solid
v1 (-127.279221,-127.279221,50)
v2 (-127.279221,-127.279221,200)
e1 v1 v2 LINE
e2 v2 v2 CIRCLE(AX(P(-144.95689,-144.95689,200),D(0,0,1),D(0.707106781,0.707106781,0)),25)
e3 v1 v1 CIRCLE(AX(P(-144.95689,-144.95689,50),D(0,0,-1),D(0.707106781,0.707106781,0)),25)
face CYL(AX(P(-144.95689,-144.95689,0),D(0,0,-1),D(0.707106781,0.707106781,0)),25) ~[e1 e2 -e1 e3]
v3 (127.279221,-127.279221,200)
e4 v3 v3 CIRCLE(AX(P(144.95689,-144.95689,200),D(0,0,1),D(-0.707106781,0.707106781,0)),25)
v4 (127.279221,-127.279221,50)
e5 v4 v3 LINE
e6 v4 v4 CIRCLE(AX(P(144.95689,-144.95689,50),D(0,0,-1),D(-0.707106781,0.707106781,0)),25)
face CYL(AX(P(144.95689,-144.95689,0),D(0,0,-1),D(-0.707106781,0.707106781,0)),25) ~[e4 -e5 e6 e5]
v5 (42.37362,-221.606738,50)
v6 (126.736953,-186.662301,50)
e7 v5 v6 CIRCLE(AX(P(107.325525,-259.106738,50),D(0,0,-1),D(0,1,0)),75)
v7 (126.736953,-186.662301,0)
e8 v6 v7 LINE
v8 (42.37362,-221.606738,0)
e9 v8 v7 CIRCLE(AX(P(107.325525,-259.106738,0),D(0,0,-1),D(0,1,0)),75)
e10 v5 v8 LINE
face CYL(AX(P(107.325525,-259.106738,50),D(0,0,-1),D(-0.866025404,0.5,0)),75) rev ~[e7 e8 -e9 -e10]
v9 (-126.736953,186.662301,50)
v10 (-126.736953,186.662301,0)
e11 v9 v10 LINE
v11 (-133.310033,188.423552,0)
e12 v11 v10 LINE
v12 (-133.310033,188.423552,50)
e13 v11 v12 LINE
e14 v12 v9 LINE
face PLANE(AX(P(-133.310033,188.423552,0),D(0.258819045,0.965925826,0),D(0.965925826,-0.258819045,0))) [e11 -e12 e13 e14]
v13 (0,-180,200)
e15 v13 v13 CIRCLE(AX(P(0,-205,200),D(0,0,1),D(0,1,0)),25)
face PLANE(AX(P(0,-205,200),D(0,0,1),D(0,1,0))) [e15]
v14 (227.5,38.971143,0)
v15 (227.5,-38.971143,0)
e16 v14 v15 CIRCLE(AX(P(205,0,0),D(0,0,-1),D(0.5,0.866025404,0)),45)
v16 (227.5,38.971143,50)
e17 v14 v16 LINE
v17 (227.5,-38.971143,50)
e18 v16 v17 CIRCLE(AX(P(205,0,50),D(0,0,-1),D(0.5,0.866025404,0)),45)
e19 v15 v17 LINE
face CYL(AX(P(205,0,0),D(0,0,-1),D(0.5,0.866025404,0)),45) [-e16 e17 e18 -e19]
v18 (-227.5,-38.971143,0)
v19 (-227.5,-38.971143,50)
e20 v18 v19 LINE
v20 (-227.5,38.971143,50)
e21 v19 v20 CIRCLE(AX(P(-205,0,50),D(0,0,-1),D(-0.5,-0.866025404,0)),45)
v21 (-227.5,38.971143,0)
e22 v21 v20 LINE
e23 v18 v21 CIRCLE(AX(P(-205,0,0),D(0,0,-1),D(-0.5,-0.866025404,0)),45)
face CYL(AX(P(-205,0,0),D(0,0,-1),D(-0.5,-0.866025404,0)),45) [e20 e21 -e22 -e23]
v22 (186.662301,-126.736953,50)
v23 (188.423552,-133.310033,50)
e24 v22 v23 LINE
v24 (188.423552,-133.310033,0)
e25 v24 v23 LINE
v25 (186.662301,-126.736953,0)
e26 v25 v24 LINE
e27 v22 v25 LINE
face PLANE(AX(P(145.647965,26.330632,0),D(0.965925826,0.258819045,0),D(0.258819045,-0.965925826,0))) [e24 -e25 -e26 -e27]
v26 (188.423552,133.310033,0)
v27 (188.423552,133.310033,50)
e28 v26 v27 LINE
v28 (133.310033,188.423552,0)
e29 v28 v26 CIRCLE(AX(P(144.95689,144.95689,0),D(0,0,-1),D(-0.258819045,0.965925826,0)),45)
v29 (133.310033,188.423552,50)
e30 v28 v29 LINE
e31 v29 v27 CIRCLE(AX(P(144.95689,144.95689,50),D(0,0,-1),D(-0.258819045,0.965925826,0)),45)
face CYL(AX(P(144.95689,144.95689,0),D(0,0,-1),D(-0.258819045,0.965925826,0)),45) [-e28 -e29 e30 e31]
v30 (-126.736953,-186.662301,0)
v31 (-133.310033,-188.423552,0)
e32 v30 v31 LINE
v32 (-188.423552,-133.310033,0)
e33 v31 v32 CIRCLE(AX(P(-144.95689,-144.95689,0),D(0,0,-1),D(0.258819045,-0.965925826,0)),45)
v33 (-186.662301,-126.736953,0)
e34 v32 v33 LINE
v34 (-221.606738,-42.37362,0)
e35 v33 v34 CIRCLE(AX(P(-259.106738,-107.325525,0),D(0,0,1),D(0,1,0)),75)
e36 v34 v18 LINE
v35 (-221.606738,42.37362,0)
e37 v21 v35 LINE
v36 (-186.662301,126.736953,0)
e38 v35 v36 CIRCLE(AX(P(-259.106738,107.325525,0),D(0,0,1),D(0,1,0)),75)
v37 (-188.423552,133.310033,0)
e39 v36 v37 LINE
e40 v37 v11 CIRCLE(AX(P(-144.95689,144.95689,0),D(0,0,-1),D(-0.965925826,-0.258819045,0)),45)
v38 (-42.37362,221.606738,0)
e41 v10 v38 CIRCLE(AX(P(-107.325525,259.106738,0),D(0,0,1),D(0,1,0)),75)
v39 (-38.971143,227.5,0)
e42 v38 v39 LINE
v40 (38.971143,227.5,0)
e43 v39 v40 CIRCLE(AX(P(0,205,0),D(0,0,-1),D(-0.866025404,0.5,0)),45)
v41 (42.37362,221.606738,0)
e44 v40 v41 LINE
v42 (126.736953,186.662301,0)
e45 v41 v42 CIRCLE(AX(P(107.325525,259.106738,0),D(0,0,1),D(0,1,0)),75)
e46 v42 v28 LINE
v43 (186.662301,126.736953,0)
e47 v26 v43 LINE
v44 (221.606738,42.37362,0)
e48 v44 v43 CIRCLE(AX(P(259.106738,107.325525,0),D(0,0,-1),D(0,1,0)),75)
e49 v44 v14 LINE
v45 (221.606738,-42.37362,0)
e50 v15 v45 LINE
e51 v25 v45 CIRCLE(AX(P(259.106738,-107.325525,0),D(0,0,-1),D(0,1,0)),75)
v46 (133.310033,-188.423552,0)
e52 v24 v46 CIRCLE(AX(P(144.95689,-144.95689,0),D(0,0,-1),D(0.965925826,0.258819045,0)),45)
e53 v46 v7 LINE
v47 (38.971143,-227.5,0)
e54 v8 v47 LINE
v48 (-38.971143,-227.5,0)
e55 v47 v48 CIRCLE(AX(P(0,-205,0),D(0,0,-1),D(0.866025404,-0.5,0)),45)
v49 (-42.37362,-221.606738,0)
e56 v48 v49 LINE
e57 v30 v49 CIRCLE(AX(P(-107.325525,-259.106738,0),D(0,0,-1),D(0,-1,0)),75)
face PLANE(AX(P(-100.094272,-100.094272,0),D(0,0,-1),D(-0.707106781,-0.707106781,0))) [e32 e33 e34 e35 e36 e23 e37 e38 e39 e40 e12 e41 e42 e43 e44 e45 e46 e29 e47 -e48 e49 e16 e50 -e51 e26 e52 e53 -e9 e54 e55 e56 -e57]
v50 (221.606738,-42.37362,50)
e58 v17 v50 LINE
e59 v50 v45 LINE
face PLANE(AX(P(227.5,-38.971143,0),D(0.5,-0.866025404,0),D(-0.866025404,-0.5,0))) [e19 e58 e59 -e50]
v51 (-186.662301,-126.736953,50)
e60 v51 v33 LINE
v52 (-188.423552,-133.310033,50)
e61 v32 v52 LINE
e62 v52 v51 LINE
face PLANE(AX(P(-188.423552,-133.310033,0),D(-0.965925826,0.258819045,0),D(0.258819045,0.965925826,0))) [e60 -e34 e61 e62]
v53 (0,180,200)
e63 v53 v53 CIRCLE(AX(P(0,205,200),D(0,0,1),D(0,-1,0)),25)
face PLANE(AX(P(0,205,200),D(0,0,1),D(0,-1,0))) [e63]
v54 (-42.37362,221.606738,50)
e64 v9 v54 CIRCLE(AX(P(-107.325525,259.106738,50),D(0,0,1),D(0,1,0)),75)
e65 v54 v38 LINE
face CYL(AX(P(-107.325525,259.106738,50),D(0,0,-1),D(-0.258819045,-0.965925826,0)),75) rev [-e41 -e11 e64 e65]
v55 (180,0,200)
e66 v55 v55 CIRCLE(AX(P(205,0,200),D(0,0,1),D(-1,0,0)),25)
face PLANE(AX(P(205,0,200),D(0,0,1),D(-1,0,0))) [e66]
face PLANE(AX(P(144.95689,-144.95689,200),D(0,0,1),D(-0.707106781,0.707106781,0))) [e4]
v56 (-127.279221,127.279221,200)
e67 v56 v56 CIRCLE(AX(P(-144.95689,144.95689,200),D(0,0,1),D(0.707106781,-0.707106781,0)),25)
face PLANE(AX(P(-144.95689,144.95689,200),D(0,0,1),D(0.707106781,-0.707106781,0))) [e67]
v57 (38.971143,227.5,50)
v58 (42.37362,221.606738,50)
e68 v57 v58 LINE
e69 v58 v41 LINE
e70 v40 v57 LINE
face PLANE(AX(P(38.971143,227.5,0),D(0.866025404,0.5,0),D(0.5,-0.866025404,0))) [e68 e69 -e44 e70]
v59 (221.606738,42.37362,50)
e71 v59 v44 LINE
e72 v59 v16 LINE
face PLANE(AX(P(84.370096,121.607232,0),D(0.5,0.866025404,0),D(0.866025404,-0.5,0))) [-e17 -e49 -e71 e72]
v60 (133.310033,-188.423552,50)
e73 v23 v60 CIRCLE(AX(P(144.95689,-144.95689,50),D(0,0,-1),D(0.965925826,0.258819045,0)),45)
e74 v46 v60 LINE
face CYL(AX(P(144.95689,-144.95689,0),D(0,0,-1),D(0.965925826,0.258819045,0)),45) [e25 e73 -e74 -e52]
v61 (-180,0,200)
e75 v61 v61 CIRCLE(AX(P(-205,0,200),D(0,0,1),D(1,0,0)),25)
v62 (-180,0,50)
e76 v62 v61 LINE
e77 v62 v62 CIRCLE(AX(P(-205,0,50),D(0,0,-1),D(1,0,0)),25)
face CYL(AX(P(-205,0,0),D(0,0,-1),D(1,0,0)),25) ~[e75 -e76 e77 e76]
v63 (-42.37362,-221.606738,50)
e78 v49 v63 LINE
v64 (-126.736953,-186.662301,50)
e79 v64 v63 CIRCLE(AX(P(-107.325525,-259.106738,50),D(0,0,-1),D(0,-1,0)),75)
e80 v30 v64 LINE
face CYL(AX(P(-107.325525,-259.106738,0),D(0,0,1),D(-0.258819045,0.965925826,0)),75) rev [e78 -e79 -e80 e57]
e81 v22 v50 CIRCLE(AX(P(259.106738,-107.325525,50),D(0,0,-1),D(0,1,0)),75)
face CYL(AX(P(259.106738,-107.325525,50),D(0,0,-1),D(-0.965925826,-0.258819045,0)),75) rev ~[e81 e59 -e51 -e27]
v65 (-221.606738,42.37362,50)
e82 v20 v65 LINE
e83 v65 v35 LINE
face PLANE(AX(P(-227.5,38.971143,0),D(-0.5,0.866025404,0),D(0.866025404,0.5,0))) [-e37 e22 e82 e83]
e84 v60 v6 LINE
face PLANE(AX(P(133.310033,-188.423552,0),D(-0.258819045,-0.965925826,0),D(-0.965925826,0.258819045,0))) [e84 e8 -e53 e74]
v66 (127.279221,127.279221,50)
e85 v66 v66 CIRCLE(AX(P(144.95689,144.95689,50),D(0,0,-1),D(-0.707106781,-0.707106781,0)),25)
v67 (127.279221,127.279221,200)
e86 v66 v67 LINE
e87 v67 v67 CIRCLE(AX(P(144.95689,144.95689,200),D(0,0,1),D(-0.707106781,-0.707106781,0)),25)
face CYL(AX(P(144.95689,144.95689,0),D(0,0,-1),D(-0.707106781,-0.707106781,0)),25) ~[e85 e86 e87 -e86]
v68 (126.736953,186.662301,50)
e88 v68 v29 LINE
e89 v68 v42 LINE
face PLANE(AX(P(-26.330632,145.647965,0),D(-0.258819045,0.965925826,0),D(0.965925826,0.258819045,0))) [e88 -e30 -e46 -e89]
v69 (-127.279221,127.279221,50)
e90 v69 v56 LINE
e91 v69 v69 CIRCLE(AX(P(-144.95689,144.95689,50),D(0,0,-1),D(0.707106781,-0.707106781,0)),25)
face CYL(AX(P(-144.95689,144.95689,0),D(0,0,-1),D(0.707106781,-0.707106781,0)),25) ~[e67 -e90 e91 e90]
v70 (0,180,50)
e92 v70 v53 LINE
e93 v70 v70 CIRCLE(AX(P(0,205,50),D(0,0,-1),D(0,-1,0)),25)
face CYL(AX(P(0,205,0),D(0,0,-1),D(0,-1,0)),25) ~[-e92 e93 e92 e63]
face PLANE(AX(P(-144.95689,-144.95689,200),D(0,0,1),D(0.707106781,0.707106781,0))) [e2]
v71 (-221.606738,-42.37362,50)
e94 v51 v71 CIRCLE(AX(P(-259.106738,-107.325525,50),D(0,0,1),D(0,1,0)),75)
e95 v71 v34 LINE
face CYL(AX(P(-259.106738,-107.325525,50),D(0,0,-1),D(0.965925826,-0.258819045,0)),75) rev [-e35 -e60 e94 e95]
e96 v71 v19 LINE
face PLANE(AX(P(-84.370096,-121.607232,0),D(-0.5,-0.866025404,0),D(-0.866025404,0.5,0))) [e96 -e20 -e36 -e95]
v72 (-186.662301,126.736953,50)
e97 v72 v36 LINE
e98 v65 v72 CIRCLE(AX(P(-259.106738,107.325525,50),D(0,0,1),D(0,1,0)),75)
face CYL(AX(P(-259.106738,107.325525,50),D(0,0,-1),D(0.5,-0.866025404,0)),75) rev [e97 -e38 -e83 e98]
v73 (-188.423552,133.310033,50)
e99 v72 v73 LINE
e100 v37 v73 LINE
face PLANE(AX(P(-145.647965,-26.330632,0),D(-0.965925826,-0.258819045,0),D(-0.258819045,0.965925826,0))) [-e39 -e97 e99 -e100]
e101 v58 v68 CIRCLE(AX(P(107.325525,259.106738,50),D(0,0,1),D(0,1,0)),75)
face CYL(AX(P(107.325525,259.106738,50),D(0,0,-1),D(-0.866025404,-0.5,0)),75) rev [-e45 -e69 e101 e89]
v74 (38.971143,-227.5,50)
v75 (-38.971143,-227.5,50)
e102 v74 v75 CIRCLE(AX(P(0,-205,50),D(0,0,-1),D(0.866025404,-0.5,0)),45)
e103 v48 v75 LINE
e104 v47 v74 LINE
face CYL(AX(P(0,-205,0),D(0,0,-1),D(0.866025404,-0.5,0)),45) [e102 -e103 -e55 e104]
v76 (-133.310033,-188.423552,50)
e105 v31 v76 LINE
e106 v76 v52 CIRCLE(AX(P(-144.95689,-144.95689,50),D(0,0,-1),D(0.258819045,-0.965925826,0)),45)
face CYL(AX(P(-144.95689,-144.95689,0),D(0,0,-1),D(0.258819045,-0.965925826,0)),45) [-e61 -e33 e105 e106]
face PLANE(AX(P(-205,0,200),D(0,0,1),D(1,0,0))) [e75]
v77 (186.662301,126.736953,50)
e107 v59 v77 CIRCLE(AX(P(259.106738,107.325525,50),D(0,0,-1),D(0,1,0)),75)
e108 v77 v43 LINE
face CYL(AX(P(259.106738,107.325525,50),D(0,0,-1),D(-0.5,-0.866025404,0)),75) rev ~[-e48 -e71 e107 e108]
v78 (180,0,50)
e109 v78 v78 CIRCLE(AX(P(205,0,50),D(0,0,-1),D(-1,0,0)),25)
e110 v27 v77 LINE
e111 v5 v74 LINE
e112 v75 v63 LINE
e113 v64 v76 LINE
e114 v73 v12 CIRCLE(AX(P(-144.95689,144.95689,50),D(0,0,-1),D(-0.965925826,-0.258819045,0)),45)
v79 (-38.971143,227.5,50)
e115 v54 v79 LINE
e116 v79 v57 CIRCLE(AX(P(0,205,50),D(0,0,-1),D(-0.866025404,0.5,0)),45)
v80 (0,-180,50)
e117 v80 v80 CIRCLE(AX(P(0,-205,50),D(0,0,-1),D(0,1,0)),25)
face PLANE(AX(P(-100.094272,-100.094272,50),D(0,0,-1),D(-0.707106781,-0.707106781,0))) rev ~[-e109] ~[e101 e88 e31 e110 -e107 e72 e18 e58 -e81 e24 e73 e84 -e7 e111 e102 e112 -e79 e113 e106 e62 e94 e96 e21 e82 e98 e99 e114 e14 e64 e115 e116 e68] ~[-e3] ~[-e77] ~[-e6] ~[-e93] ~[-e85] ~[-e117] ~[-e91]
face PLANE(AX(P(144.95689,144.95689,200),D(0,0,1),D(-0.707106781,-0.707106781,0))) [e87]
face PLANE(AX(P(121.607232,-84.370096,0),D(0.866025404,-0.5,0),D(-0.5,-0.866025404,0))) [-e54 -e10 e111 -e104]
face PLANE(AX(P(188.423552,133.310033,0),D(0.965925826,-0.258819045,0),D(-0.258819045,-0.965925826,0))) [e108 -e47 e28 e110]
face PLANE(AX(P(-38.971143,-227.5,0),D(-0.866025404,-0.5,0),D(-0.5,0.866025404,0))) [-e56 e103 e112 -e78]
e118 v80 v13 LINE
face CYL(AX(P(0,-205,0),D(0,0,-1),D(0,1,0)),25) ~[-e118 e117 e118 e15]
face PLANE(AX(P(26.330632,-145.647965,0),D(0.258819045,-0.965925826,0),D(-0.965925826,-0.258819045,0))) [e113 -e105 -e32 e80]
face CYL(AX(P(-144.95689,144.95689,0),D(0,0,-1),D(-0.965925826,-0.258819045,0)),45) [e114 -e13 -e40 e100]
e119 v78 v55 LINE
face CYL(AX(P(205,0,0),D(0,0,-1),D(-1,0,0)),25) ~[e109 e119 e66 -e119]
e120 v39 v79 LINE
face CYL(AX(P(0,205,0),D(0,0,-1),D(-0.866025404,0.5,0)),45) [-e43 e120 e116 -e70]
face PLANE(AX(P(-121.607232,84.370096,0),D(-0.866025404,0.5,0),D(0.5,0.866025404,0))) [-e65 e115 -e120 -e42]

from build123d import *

# Parameters (mm, degrees)
SKETCH2_R           = 25
PINION_DEPTH        = 200
PINION_BASE_DEPTH   = 50
CIRPATTERN1_COUNT   = 8
SKETCH1_R           = 180
BOSS_EXTRUDE1_DEPTH = 50
FILLET1_R           = 75


with BuildPart() as part:
    # Sketch2 → pinion (new body)
    with BuildSketch(Plane(origin=(0, 0, 0), x_dir=(0, 1, 0), z_dir=(0, 0, 1))):
        with Locations((-205, 0)):
            Circle(SKETCH2_R)
    extrude(amount=PINION_DEPTH)

    # Sketch2<3> → pinion base (add)
    with BuildSketch(Plane(origin=(0, 0, 0), x_dir=(0, 1, 0), z_dir=(0, 0, 1))):
        with BuildLine():
            Line((-227.5, 38.97114317), (-84.370095606, 121.607232002))
            Line((-84.370095606, 121.607232002), (-84.370095606, -121.607232002))
            Line((-84.370095606, -121.607232002), (-227.5, -38.97114317))
            ThreePointArc((-227.5, -38.97114317), (-250, 0), (-227.5, 38.97114317))
        make_face()
    extrude(amount=PINION_BASE_DEPTH)


with BuildPart() as cirpattern1_1:
    # CirPattern1: pattern copy
    add(part.part.rotate(Axis((0, 0, 210), (0, 0, -1)), 1 * 360 / CIRPATTERN1_COUNT))


with BuildPart() as cirpattern1_2:
    # CirPattern1: pattern copy
    add(part.part.rotate(Axis((0, 0, 210), (0, 0, -1)), 2 * 360 / CIRPATTERN1_COUNT))


with BuildPart() as cirpattern1_3:
    # CirPattern1: pattern copy
    add(part.part.rotate(Axis((0, 0, 210), (0, 0, -1)), 3 * 360 / CIRPATTERN1_COUNT))


with BuildPart() as cirpattern1_4:
    # CirPattern1: pattern copy
    add(part.part.rotate(Axis((0, 0, 210), (0, 0, -1)), 4 * 360 / CIRPATTERN1_COUNT))


with BuildPart() as cirpattern1_5:
    # CirPattern1: pattern copy
    add(part.part.rotate(Axis((0, 0, 210), (0, 0, -1)), 5 * 360 / CIRPATTERN1_COUNT))


with BuildPart() as cirpattern1_6:
    # CirPattern1: pattern copy
    add(part.part.rotate(Axis((0, 0, 210), (0, 0, -1)), 6 * 360 / CIRPATTERN1_COUNT))


with BuildPart() as cirpattern1_7:
    # CirPattern1: pattern copy
    add(part.part.rotate(Axis((0, 0, 210), (0, 0, -1)), 7 * 360 / CIRPATTERN1_COUNT))


with BuildPart() as part_1:
    add(part.part)

    add(cirpattern1_1.part)  # Boss-Extrude1 merges CirPattern1_1

    add(cirpattern1_2.part)  # Boss-Extrude1 merges CirPattern1_2

    add(cirpattern1_3.part)  # Boss-Extrude1 merges CirPattern1_3

    add(cirpattern1_4.part)  # Boss-Extrude1 merges CirPattern1_4

    add(cirpattern1_5.part)  # Boss-Extrude1 merges CirPattern1_5

    add(cirpattern1_6.part)  # Boss-Extrude1 merges CirPattern1_6

    add(cirpattern1_7.part)  # Boss-Extrude1 merges CirPattern1_7
    # Sketch1 → Boss-Extrude1 (add)
    with BuildSketch(Plane(origin=(0, 0, 0), x_dir=(0, 1, 0), z_dir=(0, 0, 1))):
        Circle(SKETCH1_R)
    extrude(amount=BOSS_EXTRUDE1_DEPTH)

    # Fillet1
    fillet1_edges = [part_1.edges().sort_by_distance(p)[0] for p in [
        (-71.148381695, -171.767388028, 25),
        (71.148381695, -171.767388028, 25),
        (171.767388028, -71.148381695, 25),
        (171.767388028, 71.148381695, 25),
        (71.148381695, 171.767388028, 25),
        (-71.148381695, 171.767388028, 25),
        (-171.767388028, 71.148381695, 25),
        (-171.767388028, -71.148381695, 25),
    ]]
    fillet(fillet1_edges, radius=FILLET1_R)


solid = part_1.part
